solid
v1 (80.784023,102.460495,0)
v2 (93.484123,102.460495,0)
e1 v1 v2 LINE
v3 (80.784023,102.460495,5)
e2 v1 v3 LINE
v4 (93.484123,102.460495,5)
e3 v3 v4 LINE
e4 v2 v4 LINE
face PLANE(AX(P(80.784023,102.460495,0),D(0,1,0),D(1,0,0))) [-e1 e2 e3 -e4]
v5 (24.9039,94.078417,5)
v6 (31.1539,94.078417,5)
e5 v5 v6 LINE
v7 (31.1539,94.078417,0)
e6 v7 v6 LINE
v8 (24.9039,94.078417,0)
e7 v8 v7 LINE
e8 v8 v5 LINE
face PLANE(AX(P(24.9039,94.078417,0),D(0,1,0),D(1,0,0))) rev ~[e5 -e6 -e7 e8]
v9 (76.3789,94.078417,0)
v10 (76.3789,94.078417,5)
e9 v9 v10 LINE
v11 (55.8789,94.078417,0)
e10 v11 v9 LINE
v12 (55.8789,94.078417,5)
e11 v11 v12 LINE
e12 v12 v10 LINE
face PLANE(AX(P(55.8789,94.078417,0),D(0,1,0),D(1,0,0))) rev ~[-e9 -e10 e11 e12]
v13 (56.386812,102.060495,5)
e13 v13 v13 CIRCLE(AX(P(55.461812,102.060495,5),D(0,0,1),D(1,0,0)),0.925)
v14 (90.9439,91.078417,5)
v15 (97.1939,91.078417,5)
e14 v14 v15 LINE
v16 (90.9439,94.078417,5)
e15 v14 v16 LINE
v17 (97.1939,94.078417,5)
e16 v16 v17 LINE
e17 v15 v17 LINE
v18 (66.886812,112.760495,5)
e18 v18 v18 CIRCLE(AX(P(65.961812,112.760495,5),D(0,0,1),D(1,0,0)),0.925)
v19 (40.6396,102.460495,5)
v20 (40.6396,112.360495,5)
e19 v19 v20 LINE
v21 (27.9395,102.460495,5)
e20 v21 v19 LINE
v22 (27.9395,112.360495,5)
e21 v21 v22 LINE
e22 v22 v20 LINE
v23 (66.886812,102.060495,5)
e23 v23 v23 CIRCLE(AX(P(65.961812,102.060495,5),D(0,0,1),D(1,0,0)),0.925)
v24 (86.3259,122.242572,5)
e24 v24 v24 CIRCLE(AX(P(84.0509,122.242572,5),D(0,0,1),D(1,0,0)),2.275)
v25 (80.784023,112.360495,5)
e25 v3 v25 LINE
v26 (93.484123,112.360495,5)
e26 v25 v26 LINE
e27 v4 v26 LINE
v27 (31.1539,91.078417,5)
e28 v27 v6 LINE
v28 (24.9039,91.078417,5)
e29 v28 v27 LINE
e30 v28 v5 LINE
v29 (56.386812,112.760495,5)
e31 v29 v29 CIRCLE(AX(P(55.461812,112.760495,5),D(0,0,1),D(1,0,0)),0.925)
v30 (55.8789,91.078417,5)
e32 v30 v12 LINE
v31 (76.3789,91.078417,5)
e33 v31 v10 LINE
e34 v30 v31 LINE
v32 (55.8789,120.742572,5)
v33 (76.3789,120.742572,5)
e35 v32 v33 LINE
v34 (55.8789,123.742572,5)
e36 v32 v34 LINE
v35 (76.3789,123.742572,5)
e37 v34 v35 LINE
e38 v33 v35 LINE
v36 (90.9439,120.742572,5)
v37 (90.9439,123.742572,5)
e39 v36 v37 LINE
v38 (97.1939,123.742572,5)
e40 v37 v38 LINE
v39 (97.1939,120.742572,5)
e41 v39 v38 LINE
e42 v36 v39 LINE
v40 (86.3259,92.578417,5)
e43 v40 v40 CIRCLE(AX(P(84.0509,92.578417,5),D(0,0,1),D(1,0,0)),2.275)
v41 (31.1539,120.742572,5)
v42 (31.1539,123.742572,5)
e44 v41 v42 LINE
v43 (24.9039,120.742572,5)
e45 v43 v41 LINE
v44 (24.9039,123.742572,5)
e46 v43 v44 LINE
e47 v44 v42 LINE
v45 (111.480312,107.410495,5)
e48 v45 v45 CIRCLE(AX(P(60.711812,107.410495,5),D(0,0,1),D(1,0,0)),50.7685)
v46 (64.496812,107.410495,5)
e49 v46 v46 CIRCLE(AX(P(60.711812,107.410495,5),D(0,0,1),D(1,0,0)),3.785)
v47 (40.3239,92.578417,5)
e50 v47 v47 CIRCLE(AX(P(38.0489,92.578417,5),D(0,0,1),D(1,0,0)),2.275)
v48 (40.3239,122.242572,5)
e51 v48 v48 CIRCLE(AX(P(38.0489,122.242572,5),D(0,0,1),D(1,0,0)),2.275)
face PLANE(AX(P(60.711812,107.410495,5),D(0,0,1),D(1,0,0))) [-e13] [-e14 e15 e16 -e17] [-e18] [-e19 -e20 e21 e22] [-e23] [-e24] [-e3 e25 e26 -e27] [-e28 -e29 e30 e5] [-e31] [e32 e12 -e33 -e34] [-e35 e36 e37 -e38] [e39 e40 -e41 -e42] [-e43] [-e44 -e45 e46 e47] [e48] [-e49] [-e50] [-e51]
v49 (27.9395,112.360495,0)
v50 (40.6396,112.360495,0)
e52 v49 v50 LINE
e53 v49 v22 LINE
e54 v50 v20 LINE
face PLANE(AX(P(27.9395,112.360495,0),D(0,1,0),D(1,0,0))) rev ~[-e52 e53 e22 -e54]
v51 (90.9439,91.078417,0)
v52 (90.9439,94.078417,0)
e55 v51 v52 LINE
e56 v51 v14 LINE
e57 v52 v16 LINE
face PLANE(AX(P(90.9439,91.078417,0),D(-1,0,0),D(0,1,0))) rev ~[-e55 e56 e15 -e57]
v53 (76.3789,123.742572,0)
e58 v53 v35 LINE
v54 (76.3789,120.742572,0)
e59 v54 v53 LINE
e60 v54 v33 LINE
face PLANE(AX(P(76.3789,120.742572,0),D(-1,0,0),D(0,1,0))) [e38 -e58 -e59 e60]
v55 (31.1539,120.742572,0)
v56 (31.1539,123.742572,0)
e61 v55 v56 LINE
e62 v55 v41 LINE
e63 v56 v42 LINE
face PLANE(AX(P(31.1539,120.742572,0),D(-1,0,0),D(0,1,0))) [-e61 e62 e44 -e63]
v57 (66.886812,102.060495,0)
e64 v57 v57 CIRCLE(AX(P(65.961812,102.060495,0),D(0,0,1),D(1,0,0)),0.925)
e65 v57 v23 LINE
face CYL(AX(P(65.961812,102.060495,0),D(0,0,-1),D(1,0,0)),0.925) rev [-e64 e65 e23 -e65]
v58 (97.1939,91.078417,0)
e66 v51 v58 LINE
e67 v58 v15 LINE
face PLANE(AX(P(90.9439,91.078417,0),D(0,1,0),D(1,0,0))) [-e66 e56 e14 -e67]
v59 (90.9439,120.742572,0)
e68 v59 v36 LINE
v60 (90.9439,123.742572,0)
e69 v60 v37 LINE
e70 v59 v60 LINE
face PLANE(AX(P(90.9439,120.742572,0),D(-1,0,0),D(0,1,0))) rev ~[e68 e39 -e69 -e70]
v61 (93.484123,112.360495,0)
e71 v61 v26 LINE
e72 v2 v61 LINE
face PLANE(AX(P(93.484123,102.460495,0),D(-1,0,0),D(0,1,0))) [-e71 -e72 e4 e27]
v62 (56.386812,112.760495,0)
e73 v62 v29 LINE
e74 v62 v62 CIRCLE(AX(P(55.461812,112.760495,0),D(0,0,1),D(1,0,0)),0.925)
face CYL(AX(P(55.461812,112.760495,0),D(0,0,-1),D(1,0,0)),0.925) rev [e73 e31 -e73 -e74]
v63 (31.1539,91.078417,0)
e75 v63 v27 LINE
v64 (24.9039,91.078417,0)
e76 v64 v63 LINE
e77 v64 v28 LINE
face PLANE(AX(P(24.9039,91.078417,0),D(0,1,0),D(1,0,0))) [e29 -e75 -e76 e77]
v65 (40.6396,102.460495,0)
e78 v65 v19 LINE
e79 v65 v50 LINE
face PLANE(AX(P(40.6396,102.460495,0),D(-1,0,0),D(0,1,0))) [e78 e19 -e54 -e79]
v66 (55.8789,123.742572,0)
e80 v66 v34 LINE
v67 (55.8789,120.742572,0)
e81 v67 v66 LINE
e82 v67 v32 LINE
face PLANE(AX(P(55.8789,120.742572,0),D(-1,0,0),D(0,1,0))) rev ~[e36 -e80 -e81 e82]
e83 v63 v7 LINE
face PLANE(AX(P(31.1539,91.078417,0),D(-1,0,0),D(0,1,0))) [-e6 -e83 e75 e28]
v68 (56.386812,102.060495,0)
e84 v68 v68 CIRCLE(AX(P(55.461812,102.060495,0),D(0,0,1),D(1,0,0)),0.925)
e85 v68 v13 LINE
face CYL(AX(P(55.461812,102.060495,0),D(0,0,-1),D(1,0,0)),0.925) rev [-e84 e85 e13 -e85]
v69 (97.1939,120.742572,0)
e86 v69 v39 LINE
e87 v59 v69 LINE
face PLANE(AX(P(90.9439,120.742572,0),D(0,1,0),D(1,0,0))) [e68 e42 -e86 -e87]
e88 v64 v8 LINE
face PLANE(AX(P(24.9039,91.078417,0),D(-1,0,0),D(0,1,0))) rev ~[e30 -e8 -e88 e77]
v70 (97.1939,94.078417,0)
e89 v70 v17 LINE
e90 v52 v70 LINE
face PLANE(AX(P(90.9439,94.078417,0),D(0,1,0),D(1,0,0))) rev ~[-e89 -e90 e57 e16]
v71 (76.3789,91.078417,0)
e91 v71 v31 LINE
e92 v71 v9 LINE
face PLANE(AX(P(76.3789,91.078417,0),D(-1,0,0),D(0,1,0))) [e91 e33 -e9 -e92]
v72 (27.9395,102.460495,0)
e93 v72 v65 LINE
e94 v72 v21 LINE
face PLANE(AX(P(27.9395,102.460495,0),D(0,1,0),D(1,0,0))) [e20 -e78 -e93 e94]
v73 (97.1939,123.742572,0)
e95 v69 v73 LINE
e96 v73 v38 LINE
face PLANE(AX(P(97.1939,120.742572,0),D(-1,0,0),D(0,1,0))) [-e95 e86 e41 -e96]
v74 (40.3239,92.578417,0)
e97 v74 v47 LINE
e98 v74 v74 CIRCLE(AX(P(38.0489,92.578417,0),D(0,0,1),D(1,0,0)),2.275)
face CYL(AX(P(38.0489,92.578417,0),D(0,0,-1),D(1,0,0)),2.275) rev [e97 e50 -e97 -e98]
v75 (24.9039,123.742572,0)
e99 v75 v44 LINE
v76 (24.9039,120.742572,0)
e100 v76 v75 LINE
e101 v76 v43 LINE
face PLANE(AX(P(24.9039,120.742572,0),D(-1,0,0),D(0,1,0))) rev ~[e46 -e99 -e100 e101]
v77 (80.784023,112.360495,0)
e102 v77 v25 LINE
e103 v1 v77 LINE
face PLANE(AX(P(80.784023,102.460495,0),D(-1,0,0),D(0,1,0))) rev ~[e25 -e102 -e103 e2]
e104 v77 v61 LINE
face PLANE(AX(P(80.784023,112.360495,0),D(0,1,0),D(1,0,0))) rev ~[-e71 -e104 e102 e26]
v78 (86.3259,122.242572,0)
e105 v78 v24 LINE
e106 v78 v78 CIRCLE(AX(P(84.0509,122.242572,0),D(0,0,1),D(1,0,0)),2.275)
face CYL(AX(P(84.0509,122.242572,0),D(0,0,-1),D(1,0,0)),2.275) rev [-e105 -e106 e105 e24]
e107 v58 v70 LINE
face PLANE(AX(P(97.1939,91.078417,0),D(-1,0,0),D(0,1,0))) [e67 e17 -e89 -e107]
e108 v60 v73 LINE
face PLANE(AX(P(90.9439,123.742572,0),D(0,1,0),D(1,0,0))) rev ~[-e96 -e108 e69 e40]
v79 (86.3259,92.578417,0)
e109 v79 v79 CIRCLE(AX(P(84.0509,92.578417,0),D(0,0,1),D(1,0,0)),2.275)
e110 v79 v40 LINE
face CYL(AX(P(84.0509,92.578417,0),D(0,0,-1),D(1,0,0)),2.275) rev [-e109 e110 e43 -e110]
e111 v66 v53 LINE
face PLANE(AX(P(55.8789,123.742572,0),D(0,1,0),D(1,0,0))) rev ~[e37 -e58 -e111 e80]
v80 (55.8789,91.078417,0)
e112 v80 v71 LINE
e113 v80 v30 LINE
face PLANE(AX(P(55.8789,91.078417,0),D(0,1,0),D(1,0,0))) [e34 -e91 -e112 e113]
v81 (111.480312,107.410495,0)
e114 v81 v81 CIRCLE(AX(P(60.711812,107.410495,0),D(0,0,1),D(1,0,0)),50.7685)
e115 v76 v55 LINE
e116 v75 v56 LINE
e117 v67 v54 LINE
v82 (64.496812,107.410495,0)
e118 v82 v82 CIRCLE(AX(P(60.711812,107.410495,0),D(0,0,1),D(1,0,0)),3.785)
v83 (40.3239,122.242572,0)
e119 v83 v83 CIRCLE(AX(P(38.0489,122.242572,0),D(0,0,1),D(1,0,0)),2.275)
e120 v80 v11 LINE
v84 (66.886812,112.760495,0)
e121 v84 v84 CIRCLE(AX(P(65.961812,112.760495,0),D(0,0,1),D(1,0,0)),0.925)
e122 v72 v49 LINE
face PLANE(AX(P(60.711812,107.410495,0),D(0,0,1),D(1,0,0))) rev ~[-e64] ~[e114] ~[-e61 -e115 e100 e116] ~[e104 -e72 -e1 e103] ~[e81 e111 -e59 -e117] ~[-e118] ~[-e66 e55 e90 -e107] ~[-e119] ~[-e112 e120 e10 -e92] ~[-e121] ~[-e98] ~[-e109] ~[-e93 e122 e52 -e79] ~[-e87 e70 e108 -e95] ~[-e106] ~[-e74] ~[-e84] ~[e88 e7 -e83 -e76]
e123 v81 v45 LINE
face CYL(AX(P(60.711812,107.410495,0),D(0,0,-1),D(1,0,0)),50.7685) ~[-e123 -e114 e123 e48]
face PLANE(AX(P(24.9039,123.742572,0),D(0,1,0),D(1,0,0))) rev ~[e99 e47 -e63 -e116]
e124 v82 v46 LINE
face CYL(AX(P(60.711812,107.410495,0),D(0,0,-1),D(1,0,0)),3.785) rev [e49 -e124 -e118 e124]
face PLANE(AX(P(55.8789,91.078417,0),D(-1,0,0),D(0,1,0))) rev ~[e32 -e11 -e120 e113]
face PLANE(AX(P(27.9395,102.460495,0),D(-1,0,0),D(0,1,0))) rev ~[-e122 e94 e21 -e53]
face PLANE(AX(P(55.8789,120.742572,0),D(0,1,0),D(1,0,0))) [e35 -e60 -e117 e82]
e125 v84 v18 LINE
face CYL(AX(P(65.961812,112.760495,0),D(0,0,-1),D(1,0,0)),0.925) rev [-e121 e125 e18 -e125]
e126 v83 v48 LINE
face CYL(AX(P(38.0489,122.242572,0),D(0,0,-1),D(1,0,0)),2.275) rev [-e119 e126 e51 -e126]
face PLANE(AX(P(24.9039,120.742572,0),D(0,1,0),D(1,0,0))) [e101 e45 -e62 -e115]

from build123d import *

# Parameters (mm, degrees)
SKETCH3_R           = 50.7685
SKETCH3_R_2         = 3.785
SKETCH3_R_3         = 0.925
SKETCH3_R_4         = 2.275
SKETCH3_W           = 12.7001
SKETCH3_H           = 9.9
SKETCH3_W_2         = 6.25
SKETCH3_H_2         = 3
SKETCH3_W_3         = 20.5
BOSS_EXTRUDE7_DEPTH = 5


with BuildPart() as part:
    # Sketch3 → Boss-Extrude7 (new body)
    with BuildSketch(Plane.XY):
        with Locations((60.71181161, 107.410494733)):
            Circle(SKETCH3_R)
        with Locations((60.71181161, 107.410494733)):
            Circle(SKETCH3_R_2, mode=Mode.SUBTRACT)
        with Locations((65.96181161, 102.060494733)):
            Circle(SKETCH3_R_3, mode=Mode.SUBTRACT)
        with Locations((38.0489, 92.578417091)):
            Circle(SKETCH3_R_4, mode=Mode.SUBTRACT)
        with Locations((84.0509, 92.578417091)):
            Circle(SKETCH3_R_4, mode=Mode.SUBTRACT)
        with Locations((84.0509, 122.242572375)):
            Circle(SKETCH3_R_4, mode=Mode.SUBTRACT)
        with Locations((38.0489, 122.242572375)):
            Circle(SKETCH3_R_4, mode=Mode.SUBTRACT)
        with Locations((55.46181161, 102.060494733)):
            Circle(SKETCH3_R_3, mode=Mode.SUBTRACT)
        with Locations((65.96181161, 112.760494733)):
            Circle(SKETCH3_R_3, mode=Mode.SUBTRACT)
        with Locations((55.46181161, 112.760494733)):
            Circle(SKETCH3_R_3, mode=Mode.SUBTRACT)
        with Locations((34.28955, 107.410494733)):
            Rectangle(SKETCH3_W, SKETCH3_H, mode=Mode.SUBTRACT)
        with Locations((28.0289, 92.578417091)):
            Rectangle(SKETCH3_W_2, SKETCH3_H_2, mode=Mode.SUBTRACT)
        with Locations((66.1289, 92.578417091)):
            Rectangle(SKETCH3_W_3, SKETCH3_H_2, mode=Mode.SUBTRACT)
        with Locations((94.0689, 92.578417091)):
            Rectangle(SKETCH3_W_2, SKETCH3_H_2, mode=Mode.SUBTRACT)
        with Locations((28.0289, 122.242572375)):
            Rectangle(SKETCH3_W_2, SKETCH3_H_2, mode=Mode.SUBTRACT)
        with Locations((66.1289, 122.242572375)):
            Rectangle(SKETCH3_W_3, SKETCH3_H_2, mode=Mode.SUBTRACT)
        with Locations((94.0689, 122.242572375)):
            Rectangle(SKETCH3_W_2, SKETCH3_H_2, mode=Mode.SUBTRACT)
        with Locations((87.13407322, 107.410494733)):
            Rectangle(SKETCH3_W, SKETCH3_H, mode=Mode.SUBTRACT)
    extrude(amount=BOSS_EXTRUDE7_DEPTH)


solid = part.part
